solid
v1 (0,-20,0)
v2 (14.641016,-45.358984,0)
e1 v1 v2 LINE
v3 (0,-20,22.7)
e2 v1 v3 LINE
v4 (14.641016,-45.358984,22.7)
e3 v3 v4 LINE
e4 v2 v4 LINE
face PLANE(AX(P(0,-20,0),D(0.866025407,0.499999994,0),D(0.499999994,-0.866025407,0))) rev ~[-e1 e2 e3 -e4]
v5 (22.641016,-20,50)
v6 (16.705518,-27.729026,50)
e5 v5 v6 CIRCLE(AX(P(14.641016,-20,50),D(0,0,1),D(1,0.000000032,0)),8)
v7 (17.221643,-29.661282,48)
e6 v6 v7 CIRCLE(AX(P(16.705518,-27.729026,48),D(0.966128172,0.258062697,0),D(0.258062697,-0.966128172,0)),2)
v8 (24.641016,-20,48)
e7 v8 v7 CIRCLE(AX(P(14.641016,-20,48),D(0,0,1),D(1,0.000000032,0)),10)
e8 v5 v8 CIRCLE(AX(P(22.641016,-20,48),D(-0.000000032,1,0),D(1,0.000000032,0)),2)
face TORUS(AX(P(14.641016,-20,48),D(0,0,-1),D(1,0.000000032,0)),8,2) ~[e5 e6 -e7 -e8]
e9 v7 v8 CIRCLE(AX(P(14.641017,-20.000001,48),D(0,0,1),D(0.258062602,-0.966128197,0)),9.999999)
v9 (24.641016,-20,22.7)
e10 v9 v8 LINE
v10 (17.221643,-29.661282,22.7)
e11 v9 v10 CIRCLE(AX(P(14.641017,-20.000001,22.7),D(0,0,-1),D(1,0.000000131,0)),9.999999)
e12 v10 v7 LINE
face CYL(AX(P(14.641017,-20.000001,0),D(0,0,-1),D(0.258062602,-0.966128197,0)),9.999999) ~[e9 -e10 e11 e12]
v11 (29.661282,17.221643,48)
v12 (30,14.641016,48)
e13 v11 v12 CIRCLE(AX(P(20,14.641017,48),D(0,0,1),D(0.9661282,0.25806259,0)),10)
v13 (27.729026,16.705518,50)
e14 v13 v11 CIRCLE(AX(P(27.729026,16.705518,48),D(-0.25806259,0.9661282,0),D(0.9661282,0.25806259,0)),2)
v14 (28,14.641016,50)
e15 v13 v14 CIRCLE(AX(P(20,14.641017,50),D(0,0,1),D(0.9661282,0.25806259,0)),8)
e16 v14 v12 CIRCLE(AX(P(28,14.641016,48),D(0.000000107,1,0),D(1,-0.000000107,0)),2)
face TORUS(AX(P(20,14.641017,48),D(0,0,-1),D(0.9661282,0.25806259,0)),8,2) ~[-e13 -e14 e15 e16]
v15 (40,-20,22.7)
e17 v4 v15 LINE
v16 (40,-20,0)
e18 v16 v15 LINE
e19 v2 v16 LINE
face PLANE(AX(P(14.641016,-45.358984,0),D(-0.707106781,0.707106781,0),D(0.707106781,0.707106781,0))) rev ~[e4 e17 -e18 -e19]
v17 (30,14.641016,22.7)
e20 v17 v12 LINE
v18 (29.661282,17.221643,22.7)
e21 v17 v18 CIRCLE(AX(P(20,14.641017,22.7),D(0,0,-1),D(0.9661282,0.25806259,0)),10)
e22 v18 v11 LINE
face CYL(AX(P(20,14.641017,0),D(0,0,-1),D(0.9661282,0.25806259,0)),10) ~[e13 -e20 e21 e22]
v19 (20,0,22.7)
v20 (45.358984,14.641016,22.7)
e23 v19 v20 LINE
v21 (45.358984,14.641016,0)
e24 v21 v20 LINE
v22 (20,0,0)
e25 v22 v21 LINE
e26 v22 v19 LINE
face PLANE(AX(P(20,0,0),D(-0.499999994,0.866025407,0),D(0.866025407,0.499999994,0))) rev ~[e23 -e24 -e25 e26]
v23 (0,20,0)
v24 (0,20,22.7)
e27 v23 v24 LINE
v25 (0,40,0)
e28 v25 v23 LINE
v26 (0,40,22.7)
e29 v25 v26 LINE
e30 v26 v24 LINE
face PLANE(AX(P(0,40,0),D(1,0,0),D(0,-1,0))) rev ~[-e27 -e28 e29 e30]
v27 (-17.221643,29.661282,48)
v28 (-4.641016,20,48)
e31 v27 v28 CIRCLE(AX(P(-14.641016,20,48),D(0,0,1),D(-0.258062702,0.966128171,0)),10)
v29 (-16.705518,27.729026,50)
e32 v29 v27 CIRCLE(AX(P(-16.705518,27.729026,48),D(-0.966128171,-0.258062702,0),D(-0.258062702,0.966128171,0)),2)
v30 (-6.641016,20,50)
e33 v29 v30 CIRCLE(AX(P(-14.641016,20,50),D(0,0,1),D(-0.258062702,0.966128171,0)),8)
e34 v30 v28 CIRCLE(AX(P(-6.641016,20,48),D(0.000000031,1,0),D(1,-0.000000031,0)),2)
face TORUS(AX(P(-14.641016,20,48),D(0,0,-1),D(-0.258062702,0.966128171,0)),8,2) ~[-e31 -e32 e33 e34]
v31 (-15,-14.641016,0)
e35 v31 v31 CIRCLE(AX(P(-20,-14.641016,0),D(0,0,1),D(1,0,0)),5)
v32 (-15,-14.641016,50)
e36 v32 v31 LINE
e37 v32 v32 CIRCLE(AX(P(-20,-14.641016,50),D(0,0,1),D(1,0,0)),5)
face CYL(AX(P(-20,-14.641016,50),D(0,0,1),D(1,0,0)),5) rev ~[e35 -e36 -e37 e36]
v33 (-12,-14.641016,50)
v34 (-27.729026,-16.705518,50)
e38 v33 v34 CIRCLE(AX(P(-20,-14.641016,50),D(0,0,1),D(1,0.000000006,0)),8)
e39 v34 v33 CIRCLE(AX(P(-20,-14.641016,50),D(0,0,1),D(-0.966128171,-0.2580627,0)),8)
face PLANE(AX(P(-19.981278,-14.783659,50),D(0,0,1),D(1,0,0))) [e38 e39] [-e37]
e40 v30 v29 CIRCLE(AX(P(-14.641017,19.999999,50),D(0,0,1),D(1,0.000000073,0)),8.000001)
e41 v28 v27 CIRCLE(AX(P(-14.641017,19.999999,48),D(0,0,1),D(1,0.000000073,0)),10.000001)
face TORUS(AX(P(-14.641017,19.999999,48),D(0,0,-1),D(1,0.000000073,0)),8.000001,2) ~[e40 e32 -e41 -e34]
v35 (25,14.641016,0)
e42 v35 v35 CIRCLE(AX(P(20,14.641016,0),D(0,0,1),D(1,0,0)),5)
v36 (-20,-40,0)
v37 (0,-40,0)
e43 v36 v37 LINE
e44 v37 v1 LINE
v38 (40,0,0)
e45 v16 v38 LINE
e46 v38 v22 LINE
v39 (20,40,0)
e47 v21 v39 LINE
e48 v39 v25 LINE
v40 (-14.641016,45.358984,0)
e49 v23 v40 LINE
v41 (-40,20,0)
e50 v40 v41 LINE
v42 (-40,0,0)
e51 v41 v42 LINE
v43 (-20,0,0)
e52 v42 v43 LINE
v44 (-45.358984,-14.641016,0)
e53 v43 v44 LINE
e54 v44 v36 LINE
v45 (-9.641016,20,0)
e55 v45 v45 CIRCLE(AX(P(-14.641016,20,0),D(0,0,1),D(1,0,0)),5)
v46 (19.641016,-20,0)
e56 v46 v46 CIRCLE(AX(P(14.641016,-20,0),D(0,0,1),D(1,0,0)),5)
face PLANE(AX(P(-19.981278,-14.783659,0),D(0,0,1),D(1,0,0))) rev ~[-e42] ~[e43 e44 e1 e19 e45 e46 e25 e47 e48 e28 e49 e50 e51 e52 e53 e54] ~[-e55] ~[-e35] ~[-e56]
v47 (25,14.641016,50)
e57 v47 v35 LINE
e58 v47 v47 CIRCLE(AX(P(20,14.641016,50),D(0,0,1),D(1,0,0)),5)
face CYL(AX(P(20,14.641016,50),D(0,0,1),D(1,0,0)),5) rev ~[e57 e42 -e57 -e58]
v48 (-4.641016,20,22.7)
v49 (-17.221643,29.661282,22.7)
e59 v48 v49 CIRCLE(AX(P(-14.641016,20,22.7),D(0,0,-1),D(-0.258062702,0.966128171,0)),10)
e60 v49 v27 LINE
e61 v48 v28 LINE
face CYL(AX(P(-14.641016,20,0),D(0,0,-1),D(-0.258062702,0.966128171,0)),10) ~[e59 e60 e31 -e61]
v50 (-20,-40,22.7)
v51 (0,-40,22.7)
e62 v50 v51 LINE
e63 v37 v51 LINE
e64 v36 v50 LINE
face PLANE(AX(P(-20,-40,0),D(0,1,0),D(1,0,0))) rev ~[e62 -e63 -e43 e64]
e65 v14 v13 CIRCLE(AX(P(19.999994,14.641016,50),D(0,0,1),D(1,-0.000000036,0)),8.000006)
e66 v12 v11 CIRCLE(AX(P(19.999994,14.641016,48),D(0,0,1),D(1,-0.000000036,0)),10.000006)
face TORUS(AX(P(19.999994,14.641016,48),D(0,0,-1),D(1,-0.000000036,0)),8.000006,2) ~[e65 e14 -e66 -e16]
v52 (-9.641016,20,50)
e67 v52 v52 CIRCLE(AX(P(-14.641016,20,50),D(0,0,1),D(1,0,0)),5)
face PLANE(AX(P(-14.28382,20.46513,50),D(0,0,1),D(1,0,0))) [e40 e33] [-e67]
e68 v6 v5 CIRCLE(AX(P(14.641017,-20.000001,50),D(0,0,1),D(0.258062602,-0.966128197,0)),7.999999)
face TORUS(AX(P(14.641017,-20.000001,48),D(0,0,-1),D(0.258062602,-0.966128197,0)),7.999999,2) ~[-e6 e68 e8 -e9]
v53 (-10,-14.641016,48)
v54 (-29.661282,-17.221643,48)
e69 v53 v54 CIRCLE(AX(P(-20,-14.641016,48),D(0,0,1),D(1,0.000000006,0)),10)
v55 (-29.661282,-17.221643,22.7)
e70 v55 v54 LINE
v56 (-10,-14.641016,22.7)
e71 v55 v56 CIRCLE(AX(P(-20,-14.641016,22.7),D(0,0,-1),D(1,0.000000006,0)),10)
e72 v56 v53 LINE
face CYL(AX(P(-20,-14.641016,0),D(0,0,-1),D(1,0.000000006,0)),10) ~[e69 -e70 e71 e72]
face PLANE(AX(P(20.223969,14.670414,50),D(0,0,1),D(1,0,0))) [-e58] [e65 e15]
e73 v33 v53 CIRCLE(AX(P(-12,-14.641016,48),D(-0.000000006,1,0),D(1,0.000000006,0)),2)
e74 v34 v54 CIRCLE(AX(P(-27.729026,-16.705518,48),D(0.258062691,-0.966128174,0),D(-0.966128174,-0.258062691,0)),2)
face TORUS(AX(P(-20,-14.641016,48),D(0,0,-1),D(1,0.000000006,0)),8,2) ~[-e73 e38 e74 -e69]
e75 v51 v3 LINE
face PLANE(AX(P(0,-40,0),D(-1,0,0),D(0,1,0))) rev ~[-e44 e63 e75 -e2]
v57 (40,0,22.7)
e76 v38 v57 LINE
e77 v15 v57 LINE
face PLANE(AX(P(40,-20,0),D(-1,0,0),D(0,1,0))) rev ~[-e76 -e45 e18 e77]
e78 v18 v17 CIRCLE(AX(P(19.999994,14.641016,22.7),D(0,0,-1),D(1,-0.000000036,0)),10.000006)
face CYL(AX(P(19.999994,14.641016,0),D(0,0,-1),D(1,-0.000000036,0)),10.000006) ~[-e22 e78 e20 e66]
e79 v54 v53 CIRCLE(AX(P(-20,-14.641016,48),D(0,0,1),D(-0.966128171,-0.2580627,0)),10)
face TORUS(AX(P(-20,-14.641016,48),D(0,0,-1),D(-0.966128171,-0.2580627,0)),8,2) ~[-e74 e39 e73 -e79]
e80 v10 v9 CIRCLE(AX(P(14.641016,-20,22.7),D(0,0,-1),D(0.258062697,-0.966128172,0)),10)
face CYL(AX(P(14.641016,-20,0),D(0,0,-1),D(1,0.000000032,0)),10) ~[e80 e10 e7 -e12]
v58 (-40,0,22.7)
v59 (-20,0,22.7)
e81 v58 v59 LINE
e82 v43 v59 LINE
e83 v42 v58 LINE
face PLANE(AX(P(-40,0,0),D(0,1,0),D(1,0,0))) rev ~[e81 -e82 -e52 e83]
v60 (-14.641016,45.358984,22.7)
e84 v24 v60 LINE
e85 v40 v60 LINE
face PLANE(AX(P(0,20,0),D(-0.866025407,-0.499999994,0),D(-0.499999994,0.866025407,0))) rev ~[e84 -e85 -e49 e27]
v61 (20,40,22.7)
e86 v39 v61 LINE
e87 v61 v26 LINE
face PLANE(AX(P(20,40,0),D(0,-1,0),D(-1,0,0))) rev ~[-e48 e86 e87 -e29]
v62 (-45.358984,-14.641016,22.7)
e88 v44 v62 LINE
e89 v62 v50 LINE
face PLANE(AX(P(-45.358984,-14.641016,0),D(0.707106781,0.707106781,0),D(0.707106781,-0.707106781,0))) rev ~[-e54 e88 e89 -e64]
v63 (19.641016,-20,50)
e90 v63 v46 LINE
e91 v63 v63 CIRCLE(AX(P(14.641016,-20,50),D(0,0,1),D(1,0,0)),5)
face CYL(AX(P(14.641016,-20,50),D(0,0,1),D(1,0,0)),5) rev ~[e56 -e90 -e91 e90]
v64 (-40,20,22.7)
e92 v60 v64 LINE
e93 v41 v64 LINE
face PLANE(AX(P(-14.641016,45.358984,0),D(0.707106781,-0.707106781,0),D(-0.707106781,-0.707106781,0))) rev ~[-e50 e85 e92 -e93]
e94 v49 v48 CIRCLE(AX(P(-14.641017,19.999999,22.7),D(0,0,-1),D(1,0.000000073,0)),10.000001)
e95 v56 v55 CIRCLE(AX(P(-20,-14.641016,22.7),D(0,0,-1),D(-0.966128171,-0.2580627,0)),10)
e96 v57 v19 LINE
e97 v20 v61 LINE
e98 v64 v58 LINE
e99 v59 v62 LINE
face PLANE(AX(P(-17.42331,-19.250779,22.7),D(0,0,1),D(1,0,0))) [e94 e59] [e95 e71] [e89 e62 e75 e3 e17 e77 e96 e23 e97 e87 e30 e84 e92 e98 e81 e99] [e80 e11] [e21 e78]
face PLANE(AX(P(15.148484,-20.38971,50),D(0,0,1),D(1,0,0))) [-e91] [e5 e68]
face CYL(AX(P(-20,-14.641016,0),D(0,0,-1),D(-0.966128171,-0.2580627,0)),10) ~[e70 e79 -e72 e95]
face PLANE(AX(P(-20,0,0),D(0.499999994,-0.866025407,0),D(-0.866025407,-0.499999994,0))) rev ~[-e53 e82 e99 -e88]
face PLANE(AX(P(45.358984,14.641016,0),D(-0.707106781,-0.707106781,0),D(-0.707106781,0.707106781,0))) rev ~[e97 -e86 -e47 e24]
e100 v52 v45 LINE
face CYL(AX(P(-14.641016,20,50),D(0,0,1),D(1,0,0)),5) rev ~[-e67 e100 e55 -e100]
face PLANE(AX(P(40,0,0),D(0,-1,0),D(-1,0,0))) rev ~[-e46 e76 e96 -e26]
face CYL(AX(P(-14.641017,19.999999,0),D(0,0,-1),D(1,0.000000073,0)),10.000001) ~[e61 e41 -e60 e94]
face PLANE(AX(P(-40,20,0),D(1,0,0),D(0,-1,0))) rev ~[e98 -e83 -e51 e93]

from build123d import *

# Parameters (mm, degrees)
F1_DEPTH = 22.7
F2_DEPTH = 50
F3_R     = 5
F5_DEPTH = 50
F4_R     = 5
F6_DEPTH = 50
F7_R     = 2


with BuildPart() as f1:
    # F0 (on Top) → F1 (new body)
    with BuildSketch(Plane.XY):
        Polygon((0, -20), (0, 0), (-20, 0), (-45.358984, -14.641016), (-20, -40), (0, -40), align=None)
        with BuildLine():
            ThreePointArc((-10, -14.641016), (-18.69862, -24.555975), (-29.661282, -17.221643))
            ThreePointArc((-29.661282, -17.221643), (-21.30138, -4.726057), (-10, -14.641016))
        make_face(mode=Mode.SUBTRACT)
        Polygon((-20, 0), (0, 0), (0, 20), (-14.641016, 45.358984), (-40, 20), (-40, 0), align=None)
        with BuildLine():
            ThreePointArc((-4.641016, 20), (-20.731736, 12.068851), (-17.221643, 29.661282))
            ThreePointArc((-17.221643, 29.661282), (-8.550296, 27.931149), (-4.641016, 20))
        make_face(mode=Mode.SUBTRACT)
        with BuildLine():
            ThreePointArc((-4.641016, 20), (-8.550296, 27.931149), (-17.221643, 29.661282))
            ThreePointArc((-17.221643, 29.661282), (-20.731736, 12.068851), (-4.641016, 20))
        make_face()
        with BuildLine():
            ThreePointArc((-10, -14.641016), (-21.30138, -4.726057), (-29.661282, -17.221643))
            ThreePointArc((-29.661282, -17.221643), (-18.69862, -24.555975), (-10, -14.641016))
        make_face()
        Polygon((0, 20), (0, 0), (20, 0), (45.358984, 14.641016), (20, 40), (0, 40), align=None)
        with BuildLine():
            ThreePointArc((30, 14.641016), (10.085041, 13.339636), (29.661282, 17.221643))
            ThreePointArc((29.661282, 17.221643), (29.914959, 15.942396), (30, 14.641016))
        make_face(mode=Mode.SUBTRACT)
        with BuildLine():
            ThreePointArc((24.641016, -20), (6.709867, -13.90928), (17.221643, -29.661282))
            ThreePointArc((17.221643, -29.661282), (22.572166, -26.09072), (24.641016, -20))
        make_face()
        with BuildLine():
            ThreePointArc((30, 14.641016), (29.914959, 15.942396), (29.661282, 17.221643))
            ThreePointArc((29.661282, 17.221643), (10.085041, 13.339636), (30, 14.641016))
        make_face()
        Polygon((20, 0), (0, 0), (0, -20), (14.641016, -45.358984), (40, -20), (40, 0), align=None)
        with BuildLine():
            ThreePointArc((24.641016, -20), (22.572166, -26.09072), (17.221643, -29.661282))
            ThreePointArc((17.221643, -29.661282), (6.709867, -13.90928), (24.641016, -20))
        make_face(mode=Mode.SUBTRACT)
    extrude(amount=F1_DEPTH)

    # F0 (on Top) → F2 (join)
    with BuildSketch(Plane.XY):
        with BuildLine():
            ThreePointArc((-10, -14.641016), (-21.30138, -4.726057), (-29.661282, -17.221643))
            ThreePointArc((-29.661282, -17.221643), (-18.69862, -24.555975), (-10, -14.641016))
        make_face()
        with BuildLine():
            ThreePointArc((-4.641016, 20), (-8.550296, 27.931149), (-17.221643, 29.661282))
            ThreePointArc((-17.221643, 29.661282), (-20.731736, 12.068851), (-4.641016, 20))
        make_face()
        with BuildLine():
            ThreePointArc((30, 14.641016), (29.914959, 15.942396), (29.661282, 17.221643))
            ThreePointArc((29.661282, 17.221643), (10.085041, 13.339636), (30, 14.641016))
        make_face()
        with BuildLine():
            ThreePointArc((24.641016, -20), (6.709867, -13.90928), (17.221643, -29.661282))
            ThreePointArc((17.221643, -29.661282), (22.572166, -26.09072), (24.641016, -20))
        make_face()
    extrude(amount=F2_DEPTH)

    # F3 (on face) → F5 (cut)
    with BuildSketch(Plane.XY.offset(50)):
        with Locations((20, 14.641016)):
            Circle(F3_R)
    extrude(amount=-F5_DEPTH, mode=Mode.SUBTRACT)

    # F3 (on face) + F4 (on face) → F6 (cut)
    with BuildSketch(Plane.XY.offset(50)):
        with Locations((20, 14.641016)):
            Circle(F3_R)
    with BuildSketch(Plane.XY.offset(50)):
        with Locations((-14.641016, 20)):
            Circle(F4_R)
        with Locations((-20, -14.641016)):
            Circle(F4_R)
        with Locations((14.641016, -20)):
            Circle(F4_R)
    extrude(amount=-F6_DEPTH, mode=Mode.SUBTRACT)

    # F7
    f7_edges = [f1.edges().sort_by_distance(p)[0] for p in [
        (-10.338718, -12.06039, 50),
        (12.06039, -10.338718, 50),
        (10, 14.641016, 50),
        (-24.641016, 20, 50),
    ]]
    fillet(f7_edges, radius=F7_R)


solid = f1.part
